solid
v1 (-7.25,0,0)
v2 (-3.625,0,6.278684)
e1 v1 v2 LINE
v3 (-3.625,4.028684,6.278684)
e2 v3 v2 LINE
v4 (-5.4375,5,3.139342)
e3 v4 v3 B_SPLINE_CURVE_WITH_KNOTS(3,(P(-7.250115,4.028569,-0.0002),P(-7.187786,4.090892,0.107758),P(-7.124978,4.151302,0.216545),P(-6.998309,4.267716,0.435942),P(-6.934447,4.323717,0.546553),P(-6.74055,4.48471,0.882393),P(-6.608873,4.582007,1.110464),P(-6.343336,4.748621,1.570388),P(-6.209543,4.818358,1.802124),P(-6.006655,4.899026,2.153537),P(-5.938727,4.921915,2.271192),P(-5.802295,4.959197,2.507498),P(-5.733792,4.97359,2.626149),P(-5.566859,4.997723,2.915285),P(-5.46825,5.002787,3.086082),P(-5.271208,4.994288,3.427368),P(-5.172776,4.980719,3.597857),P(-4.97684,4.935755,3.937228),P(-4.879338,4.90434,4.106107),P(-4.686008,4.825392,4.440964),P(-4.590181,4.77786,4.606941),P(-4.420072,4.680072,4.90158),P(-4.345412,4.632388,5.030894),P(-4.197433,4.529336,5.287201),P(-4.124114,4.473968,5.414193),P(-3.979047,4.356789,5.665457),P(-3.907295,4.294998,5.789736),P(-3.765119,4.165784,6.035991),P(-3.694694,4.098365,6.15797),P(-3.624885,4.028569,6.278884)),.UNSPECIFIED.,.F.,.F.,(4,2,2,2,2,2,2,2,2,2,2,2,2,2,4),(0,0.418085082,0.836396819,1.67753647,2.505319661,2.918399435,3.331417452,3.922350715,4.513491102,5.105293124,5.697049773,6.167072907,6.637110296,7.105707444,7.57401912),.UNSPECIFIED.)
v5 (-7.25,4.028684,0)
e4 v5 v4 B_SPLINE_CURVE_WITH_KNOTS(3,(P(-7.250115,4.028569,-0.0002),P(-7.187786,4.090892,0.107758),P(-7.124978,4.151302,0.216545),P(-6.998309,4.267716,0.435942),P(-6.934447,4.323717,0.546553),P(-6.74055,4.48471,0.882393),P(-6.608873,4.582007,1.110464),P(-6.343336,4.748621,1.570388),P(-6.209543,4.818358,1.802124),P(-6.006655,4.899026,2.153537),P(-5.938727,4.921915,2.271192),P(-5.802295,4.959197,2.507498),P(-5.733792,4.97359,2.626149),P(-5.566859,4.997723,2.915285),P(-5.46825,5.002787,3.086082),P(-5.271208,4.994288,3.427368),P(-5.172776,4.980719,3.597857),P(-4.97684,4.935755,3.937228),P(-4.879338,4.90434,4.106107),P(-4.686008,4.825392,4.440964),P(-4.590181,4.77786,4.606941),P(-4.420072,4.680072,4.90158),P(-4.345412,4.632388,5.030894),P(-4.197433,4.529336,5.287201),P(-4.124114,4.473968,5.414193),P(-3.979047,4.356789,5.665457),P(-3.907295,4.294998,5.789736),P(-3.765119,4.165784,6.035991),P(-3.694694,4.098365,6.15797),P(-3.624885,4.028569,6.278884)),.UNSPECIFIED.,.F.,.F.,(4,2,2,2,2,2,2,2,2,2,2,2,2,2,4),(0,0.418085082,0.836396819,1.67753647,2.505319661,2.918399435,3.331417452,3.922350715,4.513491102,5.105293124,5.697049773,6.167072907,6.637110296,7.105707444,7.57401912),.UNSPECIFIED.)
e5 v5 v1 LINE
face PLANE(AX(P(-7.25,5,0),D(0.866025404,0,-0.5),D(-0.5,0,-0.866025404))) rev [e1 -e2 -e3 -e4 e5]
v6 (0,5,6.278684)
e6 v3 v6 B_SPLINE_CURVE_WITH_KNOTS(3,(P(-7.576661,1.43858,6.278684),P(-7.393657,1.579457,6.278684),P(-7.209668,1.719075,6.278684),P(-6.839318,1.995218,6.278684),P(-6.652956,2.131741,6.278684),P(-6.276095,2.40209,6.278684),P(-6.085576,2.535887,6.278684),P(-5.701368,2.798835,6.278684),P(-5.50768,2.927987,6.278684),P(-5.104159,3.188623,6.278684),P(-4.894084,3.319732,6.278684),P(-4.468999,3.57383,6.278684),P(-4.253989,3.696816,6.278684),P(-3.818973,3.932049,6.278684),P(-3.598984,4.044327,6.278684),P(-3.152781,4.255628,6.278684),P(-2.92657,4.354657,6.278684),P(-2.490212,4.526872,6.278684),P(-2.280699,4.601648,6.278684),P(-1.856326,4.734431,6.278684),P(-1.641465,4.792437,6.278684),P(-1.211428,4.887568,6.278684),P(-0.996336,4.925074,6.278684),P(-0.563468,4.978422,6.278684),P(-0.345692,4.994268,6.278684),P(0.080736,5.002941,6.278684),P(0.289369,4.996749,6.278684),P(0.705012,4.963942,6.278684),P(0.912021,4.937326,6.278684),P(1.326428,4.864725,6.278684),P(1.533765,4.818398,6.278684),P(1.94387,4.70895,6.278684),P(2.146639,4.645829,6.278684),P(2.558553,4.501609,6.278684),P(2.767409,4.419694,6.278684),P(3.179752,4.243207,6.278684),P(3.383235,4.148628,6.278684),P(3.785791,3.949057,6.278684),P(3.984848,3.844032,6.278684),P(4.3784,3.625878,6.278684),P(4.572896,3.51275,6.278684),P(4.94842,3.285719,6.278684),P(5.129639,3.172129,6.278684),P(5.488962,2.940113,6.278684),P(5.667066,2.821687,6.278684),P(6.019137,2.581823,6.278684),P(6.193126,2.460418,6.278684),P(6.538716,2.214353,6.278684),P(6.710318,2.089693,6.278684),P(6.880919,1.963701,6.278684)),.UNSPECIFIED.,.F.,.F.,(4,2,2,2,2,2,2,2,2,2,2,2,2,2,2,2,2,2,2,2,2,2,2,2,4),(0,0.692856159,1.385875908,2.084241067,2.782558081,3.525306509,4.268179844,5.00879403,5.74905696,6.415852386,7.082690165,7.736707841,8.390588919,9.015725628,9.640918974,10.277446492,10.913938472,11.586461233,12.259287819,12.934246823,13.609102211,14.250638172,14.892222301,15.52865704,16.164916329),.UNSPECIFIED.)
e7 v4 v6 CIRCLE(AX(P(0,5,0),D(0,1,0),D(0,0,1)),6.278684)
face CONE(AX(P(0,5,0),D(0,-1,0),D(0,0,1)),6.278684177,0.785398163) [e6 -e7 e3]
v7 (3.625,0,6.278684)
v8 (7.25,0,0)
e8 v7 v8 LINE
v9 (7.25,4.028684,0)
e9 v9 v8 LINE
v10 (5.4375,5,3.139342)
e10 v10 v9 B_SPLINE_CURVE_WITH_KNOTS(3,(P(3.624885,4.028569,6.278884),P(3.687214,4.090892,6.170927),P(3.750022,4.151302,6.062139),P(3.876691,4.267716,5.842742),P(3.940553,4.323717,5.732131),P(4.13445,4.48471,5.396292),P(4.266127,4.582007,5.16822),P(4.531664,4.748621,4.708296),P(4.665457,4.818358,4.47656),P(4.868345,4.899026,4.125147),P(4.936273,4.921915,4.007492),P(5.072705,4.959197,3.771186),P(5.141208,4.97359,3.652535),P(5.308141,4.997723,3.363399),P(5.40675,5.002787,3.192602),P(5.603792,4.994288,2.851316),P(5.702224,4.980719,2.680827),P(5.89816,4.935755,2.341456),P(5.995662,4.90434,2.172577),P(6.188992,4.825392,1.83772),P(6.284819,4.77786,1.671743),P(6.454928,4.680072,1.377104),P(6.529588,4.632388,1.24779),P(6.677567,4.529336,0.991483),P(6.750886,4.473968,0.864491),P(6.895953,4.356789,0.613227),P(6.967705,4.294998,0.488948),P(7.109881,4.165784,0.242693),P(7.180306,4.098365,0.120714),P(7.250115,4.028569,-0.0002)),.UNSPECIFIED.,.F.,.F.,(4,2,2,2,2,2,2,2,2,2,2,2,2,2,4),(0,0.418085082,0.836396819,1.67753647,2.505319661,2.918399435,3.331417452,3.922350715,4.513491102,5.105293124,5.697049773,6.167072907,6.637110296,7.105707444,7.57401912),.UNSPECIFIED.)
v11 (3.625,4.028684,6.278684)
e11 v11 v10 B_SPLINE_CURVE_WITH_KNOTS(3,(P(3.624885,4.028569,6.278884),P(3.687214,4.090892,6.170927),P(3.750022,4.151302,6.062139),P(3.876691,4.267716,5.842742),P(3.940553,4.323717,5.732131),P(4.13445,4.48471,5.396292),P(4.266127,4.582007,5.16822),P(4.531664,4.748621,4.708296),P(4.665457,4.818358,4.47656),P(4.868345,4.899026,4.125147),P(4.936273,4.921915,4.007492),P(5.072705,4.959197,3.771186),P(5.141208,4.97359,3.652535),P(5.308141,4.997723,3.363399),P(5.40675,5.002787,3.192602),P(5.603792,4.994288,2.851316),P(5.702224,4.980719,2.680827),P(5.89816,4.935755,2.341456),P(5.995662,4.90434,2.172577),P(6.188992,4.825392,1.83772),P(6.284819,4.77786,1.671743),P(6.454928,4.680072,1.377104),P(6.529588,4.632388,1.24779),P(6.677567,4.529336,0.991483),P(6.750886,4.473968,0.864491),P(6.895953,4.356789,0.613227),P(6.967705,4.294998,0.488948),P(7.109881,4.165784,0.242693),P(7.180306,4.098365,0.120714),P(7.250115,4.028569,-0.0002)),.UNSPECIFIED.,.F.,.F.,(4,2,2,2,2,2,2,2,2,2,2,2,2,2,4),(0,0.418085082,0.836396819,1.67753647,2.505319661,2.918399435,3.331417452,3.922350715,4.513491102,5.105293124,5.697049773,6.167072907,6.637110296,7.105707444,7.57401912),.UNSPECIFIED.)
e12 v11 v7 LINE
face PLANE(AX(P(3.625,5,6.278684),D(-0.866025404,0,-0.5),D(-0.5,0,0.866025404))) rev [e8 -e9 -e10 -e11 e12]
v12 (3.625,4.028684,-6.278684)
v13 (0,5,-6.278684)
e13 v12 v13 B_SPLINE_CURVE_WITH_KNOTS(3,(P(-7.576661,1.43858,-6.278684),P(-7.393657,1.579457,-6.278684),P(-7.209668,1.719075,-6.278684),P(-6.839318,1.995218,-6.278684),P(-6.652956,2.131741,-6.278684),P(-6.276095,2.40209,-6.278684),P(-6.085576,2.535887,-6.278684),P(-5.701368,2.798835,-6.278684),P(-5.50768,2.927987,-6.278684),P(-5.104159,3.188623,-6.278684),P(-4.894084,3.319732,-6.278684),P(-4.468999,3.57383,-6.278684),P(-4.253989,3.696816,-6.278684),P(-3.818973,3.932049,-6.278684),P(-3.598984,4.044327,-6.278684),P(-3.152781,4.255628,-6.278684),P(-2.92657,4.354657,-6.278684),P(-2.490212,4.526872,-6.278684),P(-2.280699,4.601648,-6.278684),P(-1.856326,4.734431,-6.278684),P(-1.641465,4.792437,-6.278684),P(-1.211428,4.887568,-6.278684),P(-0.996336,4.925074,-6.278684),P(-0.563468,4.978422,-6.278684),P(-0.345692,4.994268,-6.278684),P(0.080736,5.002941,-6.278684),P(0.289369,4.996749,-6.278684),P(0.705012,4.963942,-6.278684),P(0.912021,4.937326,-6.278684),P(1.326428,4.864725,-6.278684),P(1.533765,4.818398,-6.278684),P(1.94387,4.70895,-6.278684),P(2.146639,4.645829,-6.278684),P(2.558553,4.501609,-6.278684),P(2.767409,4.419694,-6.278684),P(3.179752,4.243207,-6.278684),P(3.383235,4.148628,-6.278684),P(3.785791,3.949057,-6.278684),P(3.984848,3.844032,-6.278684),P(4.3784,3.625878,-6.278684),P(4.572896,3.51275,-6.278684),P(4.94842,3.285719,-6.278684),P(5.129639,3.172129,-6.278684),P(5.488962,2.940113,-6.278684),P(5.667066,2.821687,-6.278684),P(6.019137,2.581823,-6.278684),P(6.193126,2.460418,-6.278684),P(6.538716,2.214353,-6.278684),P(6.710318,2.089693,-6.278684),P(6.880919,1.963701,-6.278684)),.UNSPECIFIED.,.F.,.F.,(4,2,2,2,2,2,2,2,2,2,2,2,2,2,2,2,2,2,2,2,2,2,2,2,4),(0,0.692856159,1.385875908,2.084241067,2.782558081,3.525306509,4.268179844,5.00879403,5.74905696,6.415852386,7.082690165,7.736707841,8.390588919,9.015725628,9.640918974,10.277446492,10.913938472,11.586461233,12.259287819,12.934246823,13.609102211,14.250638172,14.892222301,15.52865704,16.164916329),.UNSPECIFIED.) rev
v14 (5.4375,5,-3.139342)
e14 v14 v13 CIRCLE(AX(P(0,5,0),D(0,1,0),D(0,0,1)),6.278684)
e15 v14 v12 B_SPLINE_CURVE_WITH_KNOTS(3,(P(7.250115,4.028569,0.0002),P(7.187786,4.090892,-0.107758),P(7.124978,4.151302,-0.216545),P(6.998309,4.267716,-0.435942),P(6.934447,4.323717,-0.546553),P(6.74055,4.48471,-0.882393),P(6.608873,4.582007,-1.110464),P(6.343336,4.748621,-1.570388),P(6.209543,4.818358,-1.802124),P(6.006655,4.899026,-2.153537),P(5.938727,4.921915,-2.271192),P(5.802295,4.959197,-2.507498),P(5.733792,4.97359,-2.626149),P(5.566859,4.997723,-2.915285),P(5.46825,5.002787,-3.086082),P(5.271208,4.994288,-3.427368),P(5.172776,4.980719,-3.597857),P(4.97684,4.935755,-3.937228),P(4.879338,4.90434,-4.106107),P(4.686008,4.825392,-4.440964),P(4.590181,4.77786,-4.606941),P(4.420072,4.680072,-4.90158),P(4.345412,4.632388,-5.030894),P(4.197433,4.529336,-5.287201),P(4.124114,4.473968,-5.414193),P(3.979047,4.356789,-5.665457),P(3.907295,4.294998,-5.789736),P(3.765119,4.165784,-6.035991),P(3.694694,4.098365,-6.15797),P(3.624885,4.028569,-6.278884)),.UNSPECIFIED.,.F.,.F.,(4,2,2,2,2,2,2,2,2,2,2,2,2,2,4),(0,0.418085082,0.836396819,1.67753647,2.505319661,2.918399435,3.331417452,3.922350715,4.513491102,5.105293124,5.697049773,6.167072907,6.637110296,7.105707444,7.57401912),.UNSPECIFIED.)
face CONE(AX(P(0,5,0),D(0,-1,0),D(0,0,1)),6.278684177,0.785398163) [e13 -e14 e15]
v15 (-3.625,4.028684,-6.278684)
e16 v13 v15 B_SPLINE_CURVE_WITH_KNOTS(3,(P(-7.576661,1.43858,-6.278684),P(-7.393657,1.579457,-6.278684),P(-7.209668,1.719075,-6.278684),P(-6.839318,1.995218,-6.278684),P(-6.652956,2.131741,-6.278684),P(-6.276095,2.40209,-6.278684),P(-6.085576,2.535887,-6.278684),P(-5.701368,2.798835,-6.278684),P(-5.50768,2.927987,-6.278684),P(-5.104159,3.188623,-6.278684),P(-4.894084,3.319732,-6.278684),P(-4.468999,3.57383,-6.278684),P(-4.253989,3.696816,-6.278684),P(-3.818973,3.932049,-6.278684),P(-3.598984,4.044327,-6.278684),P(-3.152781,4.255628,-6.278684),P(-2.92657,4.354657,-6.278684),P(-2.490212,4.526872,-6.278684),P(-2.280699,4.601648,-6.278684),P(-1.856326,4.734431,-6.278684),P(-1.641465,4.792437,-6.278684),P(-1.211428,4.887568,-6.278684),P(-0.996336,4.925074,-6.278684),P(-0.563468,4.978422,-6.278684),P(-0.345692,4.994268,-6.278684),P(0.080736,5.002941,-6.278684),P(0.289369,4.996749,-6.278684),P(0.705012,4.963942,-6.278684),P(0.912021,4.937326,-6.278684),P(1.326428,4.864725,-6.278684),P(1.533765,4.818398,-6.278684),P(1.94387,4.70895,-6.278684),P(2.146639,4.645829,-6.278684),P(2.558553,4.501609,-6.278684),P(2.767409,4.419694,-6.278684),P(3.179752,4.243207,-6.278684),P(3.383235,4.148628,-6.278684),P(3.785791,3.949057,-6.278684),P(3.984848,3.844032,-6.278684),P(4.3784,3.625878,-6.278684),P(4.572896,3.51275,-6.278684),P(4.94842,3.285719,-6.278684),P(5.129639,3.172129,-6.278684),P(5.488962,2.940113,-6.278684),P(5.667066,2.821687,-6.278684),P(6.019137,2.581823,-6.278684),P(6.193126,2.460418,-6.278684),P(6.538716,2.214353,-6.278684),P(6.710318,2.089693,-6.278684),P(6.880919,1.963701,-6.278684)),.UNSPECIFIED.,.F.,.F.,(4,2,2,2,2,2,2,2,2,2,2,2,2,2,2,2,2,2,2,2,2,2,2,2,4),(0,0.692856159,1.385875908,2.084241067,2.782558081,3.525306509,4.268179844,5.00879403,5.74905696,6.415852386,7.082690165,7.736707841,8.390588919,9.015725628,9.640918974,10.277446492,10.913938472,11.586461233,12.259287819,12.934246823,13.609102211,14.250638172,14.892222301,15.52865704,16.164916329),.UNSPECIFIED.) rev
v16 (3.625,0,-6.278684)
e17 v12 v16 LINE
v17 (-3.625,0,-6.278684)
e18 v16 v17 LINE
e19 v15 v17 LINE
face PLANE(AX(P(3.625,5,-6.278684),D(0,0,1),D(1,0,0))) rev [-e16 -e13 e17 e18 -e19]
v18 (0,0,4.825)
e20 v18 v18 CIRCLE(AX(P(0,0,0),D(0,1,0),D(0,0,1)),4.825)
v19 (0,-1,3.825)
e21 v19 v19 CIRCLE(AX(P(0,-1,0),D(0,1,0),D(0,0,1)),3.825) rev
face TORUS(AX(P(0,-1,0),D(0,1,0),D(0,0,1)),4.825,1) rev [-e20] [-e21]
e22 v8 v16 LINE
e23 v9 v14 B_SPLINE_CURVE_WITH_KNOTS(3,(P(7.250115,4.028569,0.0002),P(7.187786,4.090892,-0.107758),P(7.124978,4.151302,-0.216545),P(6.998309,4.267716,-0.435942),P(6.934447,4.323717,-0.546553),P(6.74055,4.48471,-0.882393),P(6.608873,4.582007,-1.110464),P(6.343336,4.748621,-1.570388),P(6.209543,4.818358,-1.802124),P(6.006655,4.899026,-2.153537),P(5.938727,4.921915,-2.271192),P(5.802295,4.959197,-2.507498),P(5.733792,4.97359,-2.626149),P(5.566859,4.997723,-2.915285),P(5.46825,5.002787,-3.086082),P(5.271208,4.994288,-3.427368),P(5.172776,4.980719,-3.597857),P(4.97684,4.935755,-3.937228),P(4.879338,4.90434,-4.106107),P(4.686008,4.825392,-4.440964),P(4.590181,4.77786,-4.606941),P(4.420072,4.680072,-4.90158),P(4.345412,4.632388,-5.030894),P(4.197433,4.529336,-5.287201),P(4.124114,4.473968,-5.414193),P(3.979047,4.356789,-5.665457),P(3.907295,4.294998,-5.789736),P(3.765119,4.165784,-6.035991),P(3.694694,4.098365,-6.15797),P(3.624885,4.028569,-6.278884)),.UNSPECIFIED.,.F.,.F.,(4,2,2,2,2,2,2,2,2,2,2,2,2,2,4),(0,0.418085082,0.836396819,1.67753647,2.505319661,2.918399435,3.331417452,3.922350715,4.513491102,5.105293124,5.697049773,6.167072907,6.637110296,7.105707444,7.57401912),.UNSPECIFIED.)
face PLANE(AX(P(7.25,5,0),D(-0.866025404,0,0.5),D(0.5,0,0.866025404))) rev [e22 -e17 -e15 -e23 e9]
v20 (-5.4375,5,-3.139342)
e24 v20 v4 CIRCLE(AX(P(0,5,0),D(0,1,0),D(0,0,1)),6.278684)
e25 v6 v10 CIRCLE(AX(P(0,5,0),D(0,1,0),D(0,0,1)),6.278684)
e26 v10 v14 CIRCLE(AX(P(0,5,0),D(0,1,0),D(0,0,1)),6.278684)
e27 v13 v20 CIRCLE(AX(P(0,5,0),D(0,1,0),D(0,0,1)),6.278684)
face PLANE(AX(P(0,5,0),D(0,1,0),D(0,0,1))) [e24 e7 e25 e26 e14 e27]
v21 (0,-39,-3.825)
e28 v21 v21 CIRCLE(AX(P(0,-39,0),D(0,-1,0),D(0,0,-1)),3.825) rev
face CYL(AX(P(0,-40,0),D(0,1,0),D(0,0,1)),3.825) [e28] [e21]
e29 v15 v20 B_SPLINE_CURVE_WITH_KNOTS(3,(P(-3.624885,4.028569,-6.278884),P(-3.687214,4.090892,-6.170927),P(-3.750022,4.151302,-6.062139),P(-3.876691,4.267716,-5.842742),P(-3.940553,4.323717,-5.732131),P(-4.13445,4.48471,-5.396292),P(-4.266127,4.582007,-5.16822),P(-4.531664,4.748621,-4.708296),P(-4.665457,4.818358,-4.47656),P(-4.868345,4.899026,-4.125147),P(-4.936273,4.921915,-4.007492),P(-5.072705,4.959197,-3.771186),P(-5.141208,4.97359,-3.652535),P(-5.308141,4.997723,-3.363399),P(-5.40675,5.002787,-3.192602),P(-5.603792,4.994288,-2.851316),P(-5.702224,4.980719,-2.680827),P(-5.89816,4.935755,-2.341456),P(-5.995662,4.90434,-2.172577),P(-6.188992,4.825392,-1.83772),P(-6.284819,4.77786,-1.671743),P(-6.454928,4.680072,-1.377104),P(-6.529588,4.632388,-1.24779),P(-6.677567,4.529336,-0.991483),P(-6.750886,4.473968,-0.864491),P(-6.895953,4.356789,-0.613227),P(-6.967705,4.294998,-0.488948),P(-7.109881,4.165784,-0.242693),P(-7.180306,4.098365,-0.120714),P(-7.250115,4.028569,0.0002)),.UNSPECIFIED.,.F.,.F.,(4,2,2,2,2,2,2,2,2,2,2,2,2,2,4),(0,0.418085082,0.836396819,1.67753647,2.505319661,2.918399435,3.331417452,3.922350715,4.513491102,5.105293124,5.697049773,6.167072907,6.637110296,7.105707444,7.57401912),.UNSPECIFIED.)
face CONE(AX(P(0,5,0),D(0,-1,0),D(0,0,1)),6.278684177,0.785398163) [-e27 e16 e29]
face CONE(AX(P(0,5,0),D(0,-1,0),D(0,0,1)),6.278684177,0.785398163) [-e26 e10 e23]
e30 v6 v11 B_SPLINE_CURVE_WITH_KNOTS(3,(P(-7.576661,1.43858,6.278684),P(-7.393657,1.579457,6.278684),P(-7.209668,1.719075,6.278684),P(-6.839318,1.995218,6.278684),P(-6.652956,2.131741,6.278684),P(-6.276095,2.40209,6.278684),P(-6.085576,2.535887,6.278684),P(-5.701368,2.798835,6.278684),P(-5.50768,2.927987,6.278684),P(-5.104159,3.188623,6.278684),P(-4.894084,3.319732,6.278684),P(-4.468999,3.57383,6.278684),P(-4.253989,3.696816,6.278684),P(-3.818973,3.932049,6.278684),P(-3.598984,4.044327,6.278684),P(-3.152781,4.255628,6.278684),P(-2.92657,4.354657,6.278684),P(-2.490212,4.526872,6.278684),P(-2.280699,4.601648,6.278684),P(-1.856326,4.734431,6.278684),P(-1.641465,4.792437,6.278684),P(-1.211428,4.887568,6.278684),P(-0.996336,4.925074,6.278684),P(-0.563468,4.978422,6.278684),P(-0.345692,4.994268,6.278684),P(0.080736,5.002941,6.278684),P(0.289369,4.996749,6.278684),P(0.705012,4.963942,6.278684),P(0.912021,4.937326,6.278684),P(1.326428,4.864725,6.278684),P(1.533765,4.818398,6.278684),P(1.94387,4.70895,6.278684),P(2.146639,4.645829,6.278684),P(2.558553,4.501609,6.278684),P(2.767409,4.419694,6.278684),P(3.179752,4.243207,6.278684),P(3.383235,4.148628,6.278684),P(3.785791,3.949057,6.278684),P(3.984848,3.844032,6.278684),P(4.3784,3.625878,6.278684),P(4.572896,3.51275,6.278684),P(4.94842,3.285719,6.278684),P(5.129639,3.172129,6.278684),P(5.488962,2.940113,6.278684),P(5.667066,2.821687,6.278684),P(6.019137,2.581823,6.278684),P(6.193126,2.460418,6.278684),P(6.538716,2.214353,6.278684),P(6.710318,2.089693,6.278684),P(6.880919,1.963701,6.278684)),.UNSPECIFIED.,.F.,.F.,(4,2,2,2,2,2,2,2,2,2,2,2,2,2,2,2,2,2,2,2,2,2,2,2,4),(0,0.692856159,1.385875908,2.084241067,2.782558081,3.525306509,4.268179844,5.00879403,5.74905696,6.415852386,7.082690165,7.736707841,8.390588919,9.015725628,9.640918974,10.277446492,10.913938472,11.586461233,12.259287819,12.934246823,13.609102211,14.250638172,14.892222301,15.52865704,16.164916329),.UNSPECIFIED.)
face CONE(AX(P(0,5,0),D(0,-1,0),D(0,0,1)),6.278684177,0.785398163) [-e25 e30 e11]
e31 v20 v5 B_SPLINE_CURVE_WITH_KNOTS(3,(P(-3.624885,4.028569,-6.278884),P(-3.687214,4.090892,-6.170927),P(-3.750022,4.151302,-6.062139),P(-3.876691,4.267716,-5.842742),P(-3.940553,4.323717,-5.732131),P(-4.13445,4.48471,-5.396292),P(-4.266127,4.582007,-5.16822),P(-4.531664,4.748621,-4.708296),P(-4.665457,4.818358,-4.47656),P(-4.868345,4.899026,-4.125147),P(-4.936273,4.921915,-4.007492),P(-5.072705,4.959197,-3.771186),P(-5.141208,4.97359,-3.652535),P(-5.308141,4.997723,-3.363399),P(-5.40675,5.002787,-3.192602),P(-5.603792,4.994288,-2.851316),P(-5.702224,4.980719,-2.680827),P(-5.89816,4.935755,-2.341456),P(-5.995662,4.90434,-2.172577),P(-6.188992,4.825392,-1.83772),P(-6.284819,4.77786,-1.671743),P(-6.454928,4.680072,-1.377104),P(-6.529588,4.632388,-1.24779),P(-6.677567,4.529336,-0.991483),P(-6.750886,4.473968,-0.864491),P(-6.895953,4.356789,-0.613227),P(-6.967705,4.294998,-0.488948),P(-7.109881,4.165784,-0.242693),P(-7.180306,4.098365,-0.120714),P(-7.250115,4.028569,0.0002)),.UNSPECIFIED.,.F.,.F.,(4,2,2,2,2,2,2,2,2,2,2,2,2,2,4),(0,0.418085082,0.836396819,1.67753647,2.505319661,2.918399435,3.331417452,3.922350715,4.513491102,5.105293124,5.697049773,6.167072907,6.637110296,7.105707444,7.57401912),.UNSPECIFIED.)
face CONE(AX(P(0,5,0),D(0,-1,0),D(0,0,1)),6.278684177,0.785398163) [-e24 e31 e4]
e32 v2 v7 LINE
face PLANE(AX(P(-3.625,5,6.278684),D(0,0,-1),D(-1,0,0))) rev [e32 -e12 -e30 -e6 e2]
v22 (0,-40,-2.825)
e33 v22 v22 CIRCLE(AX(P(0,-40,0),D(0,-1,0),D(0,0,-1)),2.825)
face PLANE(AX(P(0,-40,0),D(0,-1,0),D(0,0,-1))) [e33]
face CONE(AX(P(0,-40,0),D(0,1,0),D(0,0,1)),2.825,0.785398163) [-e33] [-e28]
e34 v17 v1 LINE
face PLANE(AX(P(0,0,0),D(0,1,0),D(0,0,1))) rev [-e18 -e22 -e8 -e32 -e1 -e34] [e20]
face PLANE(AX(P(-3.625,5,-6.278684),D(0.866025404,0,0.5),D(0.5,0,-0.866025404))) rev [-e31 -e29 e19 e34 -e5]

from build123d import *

# Parameters (mm, degrees)
EXTRUDE_1_DEPTH     = 5
SKETCH_8_OUTSIDE_W  = 22.464
SKETCH_8_OUTSIDE_H  = 20.522
SKETCH_8_OUTSIDE_R  = 6.278684177
CUT_EXTRUDE_1_DEPTH = 1
CUT_EXTRUDE_1_DRAFT = -45
SKETCH_9_R          = 3.825
BOLT_LENGTH_DEPTH   = 40
FILLET_1_R          = 1
CHAMFER_1_SIZE      = 1


with BuildPart() as part:
    # Эскиз6 → Бобышка-Вытянуть1 (new body)
    with BuildSketch(Plane(origin=(0, 0, 0), x_dir=(1, 0, 0), z_dir=(0, 1, 0))):
        Polygon((7.25, 0), (3.625, 6.278684177), (-3.625, 6.278684177), (-7.25, 0), (-3.625, -6.278684177), (3.625, -6.278684177), align=None)
    extrude(amount=EXTRUDE_1_DEPTH)


with BuildPart() as cut_extrude_1_tool:
    # Эскиз8 outside → Вырез-Вытянуть1 (with draft: the straight prism first)
    with BuildSketch(Plane(origin=(0, 5, 0), x_dir=(1, 0, 0), z_dir=(0, 1, 0))):
        Rectangle(SKETCH_8_OUTSIDE_W, SKETCH_8_OUTSIDE_H)
        Circle(SKETCH_8_OUTSIDE_R, mode=Mode.SUBTRACT)
    extrude(amount=-CUT_EXTRUDE_1_DEPTH)
    # Вырез-Вытянуть1: the draft: its side faces are tilted about the plane it starts from
    cut_extrude_1_sides = [cut_extrude_1_tool.faces().sort_by_distance(p)[0] for p in [
        (0, 4.5, 10.261),
        (11.232, 4.5, 0),
        (0, 4.5, -10.261),
        (-11.232, 4.5, 0),
        (-6.278684177, 4.5, 0),
    ]]
    draft(cut_extrude_1_sides, Plane(origin=(0, 5, 0), x_dir=(1, 0, 0), z_dir=(0, 1, 0)), CUT_EXTRUDE_1_DRAFT)


with BuildPart() as part_1:
    add(part.part)

    # Вырез-Вытянуть1: cut by cut_extrude_1_tool
    add(cut_extrude_1_tool.part, mode=Mode.SUBTRACT)

    # Эскиз9 → bolt length (add)
    with BuildSketch(Plane.XZ):
        with Locations(Location((0, 0, 0), (0, 0, 90))):  # turned: the seam where the file's is
            Circle(SKETCH_9_R)
    extrude(amount=BOLT_LENGTH_DEPTH)

    # Скругление1
    fillet_1_edges = [part_1.edges().sort_by_distance(p)[0] for p in [
        (0, 0, -3.825),
    ]]
    fillet(fillet_1_edges, radius=FILLET_1_R)

    # Фаска1
    chamfer_1_edges = [part_1.edges().sort_by_distance(p)[0] for p in [
        (0, -40, -3.825),
    ]]
    chamfer(chamfer_1_edges, length=CHAMFER_1_SIZE)


solid = part_1.part
